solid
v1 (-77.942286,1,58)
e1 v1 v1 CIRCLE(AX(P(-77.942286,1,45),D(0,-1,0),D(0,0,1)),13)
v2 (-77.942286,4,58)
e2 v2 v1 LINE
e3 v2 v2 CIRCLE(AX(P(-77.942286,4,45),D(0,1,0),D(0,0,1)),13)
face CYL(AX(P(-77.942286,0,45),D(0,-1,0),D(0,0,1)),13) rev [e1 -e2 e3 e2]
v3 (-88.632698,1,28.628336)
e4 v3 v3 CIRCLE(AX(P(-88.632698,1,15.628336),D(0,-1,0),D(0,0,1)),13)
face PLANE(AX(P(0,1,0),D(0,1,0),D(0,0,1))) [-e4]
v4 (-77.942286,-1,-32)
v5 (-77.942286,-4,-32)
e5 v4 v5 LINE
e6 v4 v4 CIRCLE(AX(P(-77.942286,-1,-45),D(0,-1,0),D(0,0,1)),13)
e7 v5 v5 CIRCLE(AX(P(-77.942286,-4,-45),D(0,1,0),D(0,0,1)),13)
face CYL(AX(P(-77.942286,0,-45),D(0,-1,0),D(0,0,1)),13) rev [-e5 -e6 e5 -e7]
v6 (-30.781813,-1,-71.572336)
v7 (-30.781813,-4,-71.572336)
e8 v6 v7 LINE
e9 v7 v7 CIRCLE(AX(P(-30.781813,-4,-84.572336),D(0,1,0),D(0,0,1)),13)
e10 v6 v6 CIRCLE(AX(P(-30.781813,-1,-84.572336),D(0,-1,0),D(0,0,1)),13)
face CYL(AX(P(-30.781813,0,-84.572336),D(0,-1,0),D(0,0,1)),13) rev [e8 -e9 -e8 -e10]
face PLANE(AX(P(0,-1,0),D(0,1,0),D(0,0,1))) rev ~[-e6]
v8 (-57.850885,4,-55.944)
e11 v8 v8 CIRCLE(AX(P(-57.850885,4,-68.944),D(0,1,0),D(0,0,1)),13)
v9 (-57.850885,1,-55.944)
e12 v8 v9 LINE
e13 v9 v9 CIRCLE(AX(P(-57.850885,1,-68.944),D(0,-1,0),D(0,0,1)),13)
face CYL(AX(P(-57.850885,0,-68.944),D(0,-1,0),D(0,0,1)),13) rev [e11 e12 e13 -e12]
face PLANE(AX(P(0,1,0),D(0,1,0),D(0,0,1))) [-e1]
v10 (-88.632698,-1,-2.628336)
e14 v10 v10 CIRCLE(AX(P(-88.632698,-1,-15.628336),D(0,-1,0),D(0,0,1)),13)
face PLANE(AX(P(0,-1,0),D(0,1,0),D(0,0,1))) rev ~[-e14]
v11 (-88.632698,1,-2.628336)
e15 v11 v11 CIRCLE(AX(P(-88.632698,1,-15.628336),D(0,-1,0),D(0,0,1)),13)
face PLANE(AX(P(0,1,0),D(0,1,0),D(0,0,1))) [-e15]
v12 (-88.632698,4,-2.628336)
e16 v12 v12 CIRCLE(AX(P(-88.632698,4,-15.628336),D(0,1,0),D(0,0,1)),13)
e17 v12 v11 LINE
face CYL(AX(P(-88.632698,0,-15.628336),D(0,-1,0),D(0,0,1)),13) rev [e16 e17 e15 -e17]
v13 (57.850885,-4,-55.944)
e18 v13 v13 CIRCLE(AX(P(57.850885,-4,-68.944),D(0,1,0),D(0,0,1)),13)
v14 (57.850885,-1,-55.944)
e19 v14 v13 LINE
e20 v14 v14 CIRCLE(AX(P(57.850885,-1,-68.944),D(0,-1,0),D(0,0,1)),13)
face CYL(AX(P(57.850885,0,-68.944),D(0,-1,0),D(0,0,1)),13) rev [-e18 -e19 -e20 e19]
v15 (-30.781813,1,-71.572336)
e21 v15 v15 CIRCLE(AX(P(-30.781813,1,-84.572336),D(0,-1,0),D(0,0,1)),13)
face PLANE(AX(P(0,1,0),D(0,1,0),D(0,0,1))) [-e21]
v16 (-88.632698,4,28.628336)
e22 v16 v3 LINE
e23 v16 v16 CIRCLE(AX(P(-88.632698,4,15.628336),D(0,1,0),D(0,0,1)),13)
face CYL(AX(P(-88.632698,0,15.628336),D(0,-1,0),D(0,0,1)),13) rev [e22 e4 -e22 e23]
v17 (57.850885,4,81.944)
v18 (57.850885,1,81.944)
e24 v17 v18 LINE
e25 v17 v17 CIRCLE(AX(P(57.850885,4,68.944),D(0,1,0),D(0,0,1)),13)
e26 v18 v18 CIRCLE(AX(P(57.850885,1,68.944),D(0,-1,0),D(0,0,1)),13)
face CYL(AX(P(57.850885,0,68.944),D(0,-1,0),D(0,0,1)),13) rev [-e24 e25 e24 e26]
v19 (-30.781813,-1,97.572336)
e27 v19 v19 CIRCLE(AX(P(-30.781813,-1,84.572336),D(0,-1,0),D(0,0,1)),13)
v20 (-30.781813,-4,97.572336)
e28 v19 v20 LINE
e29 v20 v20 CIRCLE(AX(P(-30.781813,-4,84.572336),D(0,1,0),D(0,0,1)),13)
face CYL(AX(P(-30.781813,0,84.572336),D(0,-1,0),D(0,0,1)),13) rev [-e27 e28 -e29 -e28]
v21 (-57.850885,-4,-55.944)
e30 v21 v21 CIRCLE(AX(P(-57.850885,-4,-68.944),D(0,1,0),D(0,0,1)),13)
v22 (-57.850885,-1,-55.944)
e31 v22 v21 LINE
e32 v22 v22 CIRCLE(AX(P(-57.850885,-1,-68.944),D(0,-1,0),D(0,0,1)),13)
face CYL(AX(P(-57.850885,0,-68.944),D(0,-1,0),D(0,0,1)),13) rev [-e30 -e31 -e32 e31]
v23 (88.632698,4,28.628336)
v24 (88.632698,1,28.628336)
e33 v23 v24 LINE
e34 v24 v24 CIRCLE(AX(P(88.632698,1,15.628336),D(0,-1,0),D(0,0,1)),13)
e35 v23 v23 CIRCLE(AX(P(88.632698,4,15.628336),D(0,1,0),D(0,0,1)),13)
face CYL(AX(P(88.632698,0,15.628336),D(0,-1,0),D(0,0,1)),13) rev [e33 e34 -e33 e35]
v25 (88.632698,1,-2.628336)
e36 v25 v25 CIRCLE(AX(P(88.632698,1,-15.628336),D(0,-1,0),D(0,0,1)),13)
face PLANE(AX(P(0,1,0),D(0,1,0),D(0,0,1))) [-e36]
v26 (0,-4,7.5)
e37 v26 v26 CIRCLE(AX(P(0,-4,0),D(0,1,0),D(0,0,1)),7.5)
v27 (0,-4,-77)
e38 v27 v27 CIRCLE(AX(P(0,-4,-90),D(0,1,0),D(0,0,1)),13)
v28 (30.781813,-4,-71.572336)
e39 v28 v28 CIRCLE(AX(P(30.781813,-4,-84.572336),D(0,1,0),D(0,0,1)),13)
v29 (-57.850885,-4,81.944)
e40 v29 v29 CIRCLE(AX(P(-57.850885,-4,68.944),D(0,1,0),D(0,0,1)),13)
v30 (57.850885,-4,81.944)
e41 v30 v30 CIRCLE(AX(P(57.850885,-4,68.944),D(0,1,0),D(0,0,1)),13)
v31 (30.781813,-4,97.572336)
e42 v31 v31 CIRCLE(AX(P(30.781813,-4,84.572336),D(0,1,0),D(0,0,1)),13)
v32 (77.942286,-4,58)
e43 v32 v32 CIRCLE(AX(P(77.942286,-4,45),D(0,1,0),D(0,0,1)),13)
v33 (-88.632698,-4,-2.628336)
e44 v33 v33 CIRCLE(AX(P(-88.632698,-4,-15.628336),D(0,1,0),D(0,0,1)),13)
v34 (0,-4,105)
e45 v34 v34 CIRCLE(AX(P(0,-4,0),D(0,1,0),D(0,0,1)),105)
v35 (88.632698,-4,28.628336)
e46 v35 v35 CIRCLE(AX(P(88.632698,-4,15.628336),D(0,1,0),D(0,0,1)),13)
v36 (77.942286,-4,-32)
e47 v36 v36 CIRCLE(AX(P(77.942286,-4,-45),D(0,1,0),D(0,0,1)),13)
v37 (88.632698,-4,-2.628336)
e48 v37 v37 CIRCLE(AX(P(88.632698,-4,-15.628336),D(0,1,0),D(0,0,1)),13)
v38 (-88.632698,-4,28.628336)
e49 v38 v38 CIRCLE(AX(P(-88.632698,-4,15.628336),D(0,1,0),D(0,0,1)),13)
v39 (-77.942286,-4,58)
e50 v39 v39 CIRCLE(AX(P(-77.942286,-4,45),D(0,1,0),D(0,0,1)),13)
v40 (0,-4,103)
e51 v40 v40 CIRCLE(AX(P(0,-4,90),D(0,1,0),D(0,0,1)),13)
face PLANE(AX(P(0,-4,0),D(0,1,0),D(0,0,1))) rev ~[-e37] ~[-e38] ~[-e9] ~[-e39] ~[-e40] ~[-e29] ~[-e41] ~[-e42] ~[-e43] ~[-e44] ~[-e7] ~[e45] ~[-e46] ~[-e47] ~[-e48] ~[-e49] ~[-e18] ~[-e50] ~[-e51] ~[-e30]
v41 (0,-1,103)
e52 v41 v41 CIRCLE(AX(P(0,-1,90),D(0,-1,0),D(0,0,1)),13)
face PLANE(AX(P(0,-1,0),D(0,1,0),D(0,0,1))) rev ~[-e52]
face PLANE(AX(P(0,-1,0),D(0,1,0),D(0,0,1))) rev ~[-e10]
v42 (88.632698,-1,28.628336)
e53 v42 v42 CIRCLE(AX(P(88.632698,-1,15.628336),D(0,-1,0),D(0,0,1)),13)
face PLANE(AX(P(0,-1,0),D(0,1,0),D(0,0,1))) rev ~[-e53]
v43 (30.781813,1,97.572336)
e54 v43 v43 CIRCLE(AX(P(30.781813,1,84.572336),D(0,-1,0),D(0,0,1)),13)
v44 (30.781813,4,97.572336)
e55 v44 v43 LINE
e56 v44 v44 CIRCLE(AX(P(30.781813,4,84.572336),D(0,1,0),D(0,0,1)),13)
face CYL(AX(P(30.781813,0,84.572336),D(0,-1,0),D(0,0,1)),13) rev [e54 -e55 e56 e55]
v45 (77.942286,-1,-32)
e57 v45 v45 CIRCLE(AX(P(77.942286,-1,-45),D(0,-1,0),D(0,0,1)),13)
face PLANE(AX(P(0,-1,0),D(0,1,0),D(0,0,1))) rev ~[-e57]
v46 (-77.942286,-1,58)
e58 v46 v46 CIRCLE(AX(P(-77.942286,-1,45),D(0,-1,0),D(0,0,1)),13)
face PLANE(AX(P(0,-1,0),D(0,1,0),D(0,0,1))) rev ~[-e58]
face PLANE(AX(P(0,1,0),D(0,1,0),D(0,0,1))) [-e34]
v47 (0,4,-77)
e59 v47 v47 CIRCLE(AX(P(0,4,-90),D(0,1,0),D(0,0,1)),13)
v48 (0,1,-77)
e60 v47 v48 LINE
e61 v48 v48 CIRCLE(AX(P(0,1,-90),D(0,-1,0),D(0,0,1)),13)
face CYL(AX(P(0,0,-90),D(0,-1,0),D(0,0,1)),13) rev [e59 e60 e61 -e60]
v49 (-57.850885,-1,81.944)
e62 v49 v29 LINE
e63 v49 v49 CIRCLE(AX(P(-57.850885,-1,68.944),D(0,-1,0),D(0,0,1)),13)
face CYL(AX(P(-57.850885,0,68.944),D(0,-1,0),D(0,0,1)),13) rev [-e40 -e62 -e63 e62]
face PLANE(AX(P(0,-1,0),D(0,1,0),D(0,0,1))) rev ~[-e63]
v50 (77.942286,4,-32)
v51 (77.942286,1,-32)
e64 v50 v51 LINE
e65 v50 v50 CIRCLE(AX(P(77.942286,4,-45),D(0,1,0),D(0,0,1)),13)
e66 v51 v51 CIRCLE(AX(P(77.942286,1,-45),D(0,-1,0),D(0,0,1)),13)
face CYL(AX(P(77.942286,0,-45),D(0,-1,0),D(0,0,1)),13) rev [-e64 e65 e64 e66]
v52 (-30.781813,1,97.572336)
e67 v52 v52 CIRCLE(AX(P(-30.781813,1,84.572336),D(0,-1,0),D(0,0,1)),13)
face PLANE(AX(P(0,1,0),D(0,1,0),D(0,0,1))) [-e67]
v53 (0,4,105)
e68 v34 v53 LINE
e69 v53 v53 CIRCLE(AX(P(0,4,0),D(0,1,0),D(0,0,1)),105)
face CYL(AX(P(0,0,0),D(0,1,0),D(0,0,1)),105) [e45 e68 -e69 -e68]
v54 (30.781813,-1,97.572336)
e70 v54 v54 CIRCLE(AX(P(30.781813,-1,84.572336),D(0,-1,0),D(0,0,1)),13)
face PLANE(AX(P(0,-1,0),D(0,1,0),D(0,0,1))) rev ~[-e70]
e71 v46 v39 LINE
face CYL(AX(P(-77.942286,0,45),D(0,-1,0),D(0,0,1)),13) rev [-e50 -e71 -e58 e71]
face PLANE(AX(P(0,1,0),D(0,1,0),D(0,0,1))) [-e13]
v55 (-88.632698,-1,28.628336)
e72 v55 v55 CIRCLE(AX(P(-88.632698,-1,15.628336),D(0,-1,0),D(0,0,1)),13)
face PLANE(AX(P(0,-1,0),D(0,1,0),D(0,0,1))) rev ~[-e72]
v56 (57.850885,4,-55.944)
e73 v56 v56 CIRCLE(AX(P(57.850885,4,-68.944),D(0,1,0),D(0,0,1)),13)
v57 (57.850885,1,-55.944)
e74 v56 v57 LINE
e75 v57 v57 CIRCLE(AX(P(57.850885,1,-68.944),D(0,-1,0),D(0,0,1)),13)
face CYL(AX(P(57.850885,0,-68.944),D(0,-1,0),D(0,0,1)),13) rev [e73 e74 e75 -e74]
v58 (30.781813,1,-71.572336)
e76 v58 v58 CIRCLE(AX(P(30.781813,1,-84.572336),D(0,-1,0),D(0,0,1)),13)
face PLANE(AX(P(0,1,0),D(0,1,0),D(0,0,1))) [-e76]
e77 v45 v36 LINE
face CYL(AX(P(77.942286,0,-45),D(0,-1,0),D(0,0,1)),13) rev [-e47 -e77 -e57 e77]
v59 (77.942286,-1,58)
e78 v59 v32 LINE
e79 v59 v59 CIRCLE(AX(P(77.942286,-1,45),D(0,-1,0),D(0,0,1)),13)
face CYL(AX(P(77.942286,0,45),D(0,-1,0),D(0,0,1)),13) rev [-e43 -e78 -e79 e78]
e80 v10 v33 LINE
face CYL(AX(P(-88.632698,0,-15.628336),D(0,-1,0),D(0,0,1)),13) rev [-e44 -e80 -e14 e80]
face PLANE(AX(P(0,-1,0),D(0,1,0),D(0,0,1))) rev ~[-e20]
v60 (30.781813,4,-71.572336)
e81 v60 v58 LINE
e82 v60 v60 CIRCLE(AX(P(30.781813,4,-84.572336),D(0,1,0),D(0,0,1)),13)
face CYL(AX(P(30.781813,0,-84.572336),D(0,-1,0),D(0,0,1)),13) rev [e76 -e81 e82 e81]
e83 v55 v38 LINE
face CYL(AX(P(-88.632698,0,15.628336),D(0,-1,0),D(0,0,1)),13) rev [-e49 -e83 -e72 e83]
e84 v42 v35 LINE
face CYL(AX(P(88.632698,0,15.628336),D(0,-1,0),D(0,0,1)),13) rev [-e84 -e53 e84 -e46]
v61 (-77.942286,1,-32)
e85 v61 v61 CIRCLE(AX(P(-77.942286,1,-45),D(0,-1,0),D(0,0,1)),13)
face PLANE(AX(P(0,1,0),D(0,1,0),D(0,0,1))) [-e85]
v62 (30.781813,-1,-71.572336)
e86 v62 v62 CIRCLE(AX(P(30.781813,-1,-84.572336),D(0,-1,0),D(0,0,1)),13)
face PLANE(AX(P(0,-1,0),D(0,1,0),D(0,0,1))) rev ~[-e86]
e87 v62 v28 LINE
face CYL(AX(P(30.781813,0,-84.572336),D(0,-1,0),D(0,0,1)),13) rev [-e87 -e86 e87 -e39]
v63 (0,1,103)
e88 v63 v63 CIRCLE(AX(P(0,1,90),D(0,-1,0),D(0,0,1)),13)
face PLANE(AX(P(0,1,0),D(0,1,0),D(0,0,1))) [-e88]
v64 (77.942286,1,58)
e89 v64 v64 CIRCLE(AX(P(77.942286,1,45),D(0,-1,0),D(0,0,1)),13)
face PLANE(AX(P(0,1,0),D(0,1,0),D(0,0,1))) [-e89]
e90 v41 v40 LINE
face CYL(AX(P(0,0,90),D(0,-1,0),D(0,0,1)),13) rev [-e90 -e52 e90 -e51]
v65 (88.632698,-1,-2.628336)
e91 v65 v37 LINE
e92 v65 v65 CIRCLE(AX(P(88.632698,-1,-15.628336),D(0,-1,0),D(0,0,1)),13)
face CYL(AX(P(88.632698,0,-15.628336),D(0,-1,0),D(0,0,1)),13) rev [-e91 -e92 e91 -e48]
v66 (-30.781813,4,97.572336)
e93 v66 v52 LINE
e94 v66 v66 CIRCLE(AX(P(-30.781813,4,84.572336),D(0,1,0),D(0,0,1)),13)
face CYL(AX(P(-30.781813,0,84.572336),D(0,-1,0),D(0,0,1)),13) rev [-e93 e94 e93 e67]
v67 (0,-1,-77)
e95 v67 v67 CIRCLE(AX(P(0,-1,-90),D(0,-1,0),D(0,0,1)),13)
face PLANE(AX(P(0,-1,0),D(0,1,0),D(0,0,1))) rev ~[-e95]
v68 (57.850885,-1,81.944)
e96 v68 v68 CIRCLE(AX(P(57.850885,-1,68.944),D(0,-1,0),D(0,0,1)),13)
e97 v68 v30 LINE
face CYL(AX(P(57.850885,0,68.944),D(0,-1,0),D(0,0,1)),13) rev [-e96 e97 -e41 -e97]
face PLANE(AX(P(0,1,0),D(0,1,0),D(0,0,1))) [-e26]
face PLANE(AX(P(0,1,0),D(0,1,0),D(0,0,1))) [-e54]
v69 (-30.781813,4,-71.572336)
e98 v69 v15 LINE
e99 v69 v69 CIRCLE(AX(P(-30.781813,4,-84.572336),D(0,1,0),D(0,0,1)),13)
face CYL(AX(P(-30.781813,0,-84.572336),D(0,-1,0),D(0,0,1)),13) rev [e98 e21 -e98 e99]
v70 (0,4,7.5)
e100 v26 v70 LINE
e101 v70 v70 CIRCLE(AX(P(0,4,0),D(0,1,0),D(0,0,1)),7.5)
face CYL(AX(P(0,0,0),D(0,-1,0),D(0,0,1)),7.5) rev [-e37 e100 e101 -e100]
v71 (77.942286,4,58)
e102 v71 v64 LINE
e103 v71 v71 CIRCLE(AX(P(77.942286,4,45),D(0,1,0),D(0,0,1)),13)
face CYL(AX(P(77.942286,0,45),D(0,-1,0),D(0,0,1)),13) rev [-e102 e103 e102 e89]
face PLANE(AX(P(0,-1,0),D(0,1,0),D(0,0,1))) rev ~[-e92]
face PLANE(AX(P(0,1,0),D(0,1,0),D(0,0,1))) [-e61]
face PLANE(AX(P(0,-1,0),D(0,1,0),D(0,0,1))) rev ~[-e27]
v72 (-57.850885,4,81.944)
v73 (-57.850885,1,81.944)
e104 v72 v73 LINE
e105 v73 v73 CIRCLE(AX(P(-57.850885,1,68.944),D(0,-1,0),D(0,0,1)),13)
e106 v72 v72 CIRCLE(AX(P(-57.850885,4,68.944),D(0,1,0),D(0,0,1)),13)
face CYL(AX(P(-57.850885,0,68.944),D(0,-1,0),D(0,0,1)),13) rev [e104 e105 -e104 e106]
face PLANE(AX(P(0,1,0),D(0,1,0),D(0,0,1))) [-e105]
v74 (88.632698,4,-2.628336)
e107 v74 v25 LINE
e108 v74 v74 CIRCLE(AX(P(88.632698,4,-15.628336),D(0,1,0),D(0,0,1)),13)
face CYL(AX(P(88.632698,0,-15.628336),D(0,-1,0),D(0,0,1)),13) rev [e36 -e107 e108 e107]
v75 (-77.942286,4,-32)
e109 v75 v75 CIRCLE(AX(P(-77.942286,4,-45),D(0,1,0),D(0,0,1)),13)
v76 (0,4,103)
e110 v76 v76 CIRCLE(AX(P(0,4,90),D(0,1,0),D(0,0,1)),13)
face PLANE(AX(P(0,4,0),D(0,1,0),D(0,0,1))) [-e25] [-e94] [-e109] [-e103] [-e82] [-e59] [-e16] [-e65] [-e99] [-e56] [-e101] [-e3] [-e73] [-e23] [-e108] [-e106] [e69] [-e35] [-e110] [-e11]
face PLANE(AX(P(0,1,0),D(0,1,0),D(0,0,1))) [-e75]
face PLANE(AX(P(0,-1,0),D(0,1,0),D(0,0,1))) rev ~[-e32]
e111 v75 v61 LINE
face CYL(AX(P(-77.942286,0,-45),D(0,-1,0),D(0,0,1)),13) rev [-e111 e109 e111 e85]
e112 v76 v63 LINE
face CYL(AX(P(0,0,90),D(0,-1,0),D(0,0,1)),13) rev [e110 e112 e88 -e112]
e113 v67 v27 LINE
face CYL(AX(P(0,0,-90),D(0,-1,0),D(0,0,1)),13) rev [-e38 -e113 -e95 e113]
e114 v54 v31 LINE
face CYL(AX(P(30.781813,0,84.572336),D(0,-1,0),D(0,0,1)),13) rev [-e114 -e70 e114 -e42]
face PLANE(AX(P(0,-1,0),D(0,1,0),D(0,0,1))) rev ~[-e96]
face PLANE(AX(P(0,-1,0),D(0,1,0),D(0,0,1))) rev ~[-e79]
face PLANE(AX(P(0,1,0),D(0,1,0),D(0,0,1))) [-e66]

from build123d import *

# Parameters (mm, degrees)
SKETCH2_R           = 105
SKETCH2_R_2         = 7.5
SKETCH2_R_3         = 13
BOSS_EXTRUDE1_DEPTH = 4
SKETCH1_R           = 105
SKETCH1_R_2         = 7.5
BOSS_EXTRUDE2_DEPTH = 1


with BuildPart() as part:
    # Sketch2 → Boss-Extrude1 (new, symmetric)
    with BuildSketch(Plane(origin=(0, 0, 0), x_dir=(1, 0, 0), z_dir=(0, 1, 0))):
        with Locations(Location((0, 0, 0), (0, 0, 270))):
            Circle(SKETCH2_R)
        with Locations(Location((0, 0, 0), (0, 0, 270))):
            Circle(SKETCH2_R_2, mode=Mode.SUBTRACT)
        with Locations(Location((0, 90, 0), (0, 0, 270))):
            Circle(SKETCH2_R_3, mode=Mode.SUBTRACT)
        with Locations(Location((30.781812899, 84.572335871, 0), (0, 0, 270))):
            Circle(SKETCH2_R_3, mode=Mode.SUBTRACT)
        with Locations(Location((57.850884872, 68.943999881, 0), (0, 0, 270))):
            Circle(SKETCH2_R_3, mode=Mode.SUBTRACT)
        with Locations(Location((77.942286341, 45, 0), (0, 0, 270))):
            Circle(SKETCH2_R_3, mode=Mode.SUBTRACT)
        with Locations(Location((88.632697771, 15.62833599, 0), (0, 0, 270))):
            Circle(SKETCH2_R_3, mode=Mode.SUBTRACT)
        with Locations(Location((88.632697771, -15.62833599, 0), (0, 0, 270))):
            Circle(SKETCH2_R_3, mode=Mode.SUBTRACT)
        with Locations(Location((77.942286341, -45, 0), (0, 0, 270))):
            Circle(SKETCH2_R_3, mode=Mode.SUBTRACT)
        with Locations(Location((57.850884872, -68.943999881, 0), (0, 0, 270))):
            Circle(SKETCH2_R_3, mode=Mode.SUBTRACT)
        with Locations(Location((30.781812899, -84.572335871, 0), (0, 0, 270))):
            Circle(SKETCH2_R_3, mode=Mode.SUBTRACT)
        with Locations(Location((0, -90, 0), (0, 0, 270))):
            Circle(SKETCH2_R_3, mode=Mode.SUBTRACT)
        with Locations(Location((-30.781812899, -84.572335871, 0), (0, 0, 270))):
            Circle(SKETCH2_R_3, mode=Mode.SUBTRACT)
        with Locations(Location((-57.850884872, -68.943999881, 0), (0, 0, 270))):
            Circle(SKETCH2_R_3, mode=Mode.SUBTRACT)
        with Locations(Location((-77.942286341, -45, 0), (0, 0, 270))):
            Circle(SKETCH2_R_3, mode=Mode.SUBTRACT)
        with Locations(Location((-88.632697771, -15.62833599, 0), (0, 0, 270))):
            Circle(SKETCH2_R_3, mode=Mode.SUBTRACT)
        with Locations(Location((-88.632697771, 15.62833599, 0), (0, 0, 270))):
            Circle(SKETCH2_R_3, mode=Mode.SUBTRACT)
        with Locations(Location((-77.942286341, 45, 0), (0, 0, 270))):
            Circle(SKETCH2_R_3, mode=Mode.SUBTRACT)
        with Locations(Location((-57.850884872, 68.943999881, 0), (0, 0, 270))):
            Circle(SKETCH2_R_3, mode=Mode.SUBTRACT)
        with Locations(Location((-30.781812899, 84.572335871, 0), (0, 0, 270))):
            Circle(SKETCH2_R_3, mode=Mode.SUBTRACT)
    extrude(amount=BOSS_EXTRUDE1_DEPTH, both=True)

    # Sketch1 → Boss-Extrude2 (add, symmetric)
    with BuildSketch(Plane(origin=(0, 0, 0), x_dir=(1, 0, 0), z_dir=(0, 1, 0))):
        with Locations(Location((0, 0, 0), (0, 0, 270))):
            Circle(SKETCH1_R)
        with Locations(Location((0, 0, 0), (0, 0, 270))):
            Circle(SKETCH1_R_2, mode=Mode.SUBTRACT)
    extrude(amount=BOSS_EXTRUDE2_DEPTH, both=True)


solid = part.part
